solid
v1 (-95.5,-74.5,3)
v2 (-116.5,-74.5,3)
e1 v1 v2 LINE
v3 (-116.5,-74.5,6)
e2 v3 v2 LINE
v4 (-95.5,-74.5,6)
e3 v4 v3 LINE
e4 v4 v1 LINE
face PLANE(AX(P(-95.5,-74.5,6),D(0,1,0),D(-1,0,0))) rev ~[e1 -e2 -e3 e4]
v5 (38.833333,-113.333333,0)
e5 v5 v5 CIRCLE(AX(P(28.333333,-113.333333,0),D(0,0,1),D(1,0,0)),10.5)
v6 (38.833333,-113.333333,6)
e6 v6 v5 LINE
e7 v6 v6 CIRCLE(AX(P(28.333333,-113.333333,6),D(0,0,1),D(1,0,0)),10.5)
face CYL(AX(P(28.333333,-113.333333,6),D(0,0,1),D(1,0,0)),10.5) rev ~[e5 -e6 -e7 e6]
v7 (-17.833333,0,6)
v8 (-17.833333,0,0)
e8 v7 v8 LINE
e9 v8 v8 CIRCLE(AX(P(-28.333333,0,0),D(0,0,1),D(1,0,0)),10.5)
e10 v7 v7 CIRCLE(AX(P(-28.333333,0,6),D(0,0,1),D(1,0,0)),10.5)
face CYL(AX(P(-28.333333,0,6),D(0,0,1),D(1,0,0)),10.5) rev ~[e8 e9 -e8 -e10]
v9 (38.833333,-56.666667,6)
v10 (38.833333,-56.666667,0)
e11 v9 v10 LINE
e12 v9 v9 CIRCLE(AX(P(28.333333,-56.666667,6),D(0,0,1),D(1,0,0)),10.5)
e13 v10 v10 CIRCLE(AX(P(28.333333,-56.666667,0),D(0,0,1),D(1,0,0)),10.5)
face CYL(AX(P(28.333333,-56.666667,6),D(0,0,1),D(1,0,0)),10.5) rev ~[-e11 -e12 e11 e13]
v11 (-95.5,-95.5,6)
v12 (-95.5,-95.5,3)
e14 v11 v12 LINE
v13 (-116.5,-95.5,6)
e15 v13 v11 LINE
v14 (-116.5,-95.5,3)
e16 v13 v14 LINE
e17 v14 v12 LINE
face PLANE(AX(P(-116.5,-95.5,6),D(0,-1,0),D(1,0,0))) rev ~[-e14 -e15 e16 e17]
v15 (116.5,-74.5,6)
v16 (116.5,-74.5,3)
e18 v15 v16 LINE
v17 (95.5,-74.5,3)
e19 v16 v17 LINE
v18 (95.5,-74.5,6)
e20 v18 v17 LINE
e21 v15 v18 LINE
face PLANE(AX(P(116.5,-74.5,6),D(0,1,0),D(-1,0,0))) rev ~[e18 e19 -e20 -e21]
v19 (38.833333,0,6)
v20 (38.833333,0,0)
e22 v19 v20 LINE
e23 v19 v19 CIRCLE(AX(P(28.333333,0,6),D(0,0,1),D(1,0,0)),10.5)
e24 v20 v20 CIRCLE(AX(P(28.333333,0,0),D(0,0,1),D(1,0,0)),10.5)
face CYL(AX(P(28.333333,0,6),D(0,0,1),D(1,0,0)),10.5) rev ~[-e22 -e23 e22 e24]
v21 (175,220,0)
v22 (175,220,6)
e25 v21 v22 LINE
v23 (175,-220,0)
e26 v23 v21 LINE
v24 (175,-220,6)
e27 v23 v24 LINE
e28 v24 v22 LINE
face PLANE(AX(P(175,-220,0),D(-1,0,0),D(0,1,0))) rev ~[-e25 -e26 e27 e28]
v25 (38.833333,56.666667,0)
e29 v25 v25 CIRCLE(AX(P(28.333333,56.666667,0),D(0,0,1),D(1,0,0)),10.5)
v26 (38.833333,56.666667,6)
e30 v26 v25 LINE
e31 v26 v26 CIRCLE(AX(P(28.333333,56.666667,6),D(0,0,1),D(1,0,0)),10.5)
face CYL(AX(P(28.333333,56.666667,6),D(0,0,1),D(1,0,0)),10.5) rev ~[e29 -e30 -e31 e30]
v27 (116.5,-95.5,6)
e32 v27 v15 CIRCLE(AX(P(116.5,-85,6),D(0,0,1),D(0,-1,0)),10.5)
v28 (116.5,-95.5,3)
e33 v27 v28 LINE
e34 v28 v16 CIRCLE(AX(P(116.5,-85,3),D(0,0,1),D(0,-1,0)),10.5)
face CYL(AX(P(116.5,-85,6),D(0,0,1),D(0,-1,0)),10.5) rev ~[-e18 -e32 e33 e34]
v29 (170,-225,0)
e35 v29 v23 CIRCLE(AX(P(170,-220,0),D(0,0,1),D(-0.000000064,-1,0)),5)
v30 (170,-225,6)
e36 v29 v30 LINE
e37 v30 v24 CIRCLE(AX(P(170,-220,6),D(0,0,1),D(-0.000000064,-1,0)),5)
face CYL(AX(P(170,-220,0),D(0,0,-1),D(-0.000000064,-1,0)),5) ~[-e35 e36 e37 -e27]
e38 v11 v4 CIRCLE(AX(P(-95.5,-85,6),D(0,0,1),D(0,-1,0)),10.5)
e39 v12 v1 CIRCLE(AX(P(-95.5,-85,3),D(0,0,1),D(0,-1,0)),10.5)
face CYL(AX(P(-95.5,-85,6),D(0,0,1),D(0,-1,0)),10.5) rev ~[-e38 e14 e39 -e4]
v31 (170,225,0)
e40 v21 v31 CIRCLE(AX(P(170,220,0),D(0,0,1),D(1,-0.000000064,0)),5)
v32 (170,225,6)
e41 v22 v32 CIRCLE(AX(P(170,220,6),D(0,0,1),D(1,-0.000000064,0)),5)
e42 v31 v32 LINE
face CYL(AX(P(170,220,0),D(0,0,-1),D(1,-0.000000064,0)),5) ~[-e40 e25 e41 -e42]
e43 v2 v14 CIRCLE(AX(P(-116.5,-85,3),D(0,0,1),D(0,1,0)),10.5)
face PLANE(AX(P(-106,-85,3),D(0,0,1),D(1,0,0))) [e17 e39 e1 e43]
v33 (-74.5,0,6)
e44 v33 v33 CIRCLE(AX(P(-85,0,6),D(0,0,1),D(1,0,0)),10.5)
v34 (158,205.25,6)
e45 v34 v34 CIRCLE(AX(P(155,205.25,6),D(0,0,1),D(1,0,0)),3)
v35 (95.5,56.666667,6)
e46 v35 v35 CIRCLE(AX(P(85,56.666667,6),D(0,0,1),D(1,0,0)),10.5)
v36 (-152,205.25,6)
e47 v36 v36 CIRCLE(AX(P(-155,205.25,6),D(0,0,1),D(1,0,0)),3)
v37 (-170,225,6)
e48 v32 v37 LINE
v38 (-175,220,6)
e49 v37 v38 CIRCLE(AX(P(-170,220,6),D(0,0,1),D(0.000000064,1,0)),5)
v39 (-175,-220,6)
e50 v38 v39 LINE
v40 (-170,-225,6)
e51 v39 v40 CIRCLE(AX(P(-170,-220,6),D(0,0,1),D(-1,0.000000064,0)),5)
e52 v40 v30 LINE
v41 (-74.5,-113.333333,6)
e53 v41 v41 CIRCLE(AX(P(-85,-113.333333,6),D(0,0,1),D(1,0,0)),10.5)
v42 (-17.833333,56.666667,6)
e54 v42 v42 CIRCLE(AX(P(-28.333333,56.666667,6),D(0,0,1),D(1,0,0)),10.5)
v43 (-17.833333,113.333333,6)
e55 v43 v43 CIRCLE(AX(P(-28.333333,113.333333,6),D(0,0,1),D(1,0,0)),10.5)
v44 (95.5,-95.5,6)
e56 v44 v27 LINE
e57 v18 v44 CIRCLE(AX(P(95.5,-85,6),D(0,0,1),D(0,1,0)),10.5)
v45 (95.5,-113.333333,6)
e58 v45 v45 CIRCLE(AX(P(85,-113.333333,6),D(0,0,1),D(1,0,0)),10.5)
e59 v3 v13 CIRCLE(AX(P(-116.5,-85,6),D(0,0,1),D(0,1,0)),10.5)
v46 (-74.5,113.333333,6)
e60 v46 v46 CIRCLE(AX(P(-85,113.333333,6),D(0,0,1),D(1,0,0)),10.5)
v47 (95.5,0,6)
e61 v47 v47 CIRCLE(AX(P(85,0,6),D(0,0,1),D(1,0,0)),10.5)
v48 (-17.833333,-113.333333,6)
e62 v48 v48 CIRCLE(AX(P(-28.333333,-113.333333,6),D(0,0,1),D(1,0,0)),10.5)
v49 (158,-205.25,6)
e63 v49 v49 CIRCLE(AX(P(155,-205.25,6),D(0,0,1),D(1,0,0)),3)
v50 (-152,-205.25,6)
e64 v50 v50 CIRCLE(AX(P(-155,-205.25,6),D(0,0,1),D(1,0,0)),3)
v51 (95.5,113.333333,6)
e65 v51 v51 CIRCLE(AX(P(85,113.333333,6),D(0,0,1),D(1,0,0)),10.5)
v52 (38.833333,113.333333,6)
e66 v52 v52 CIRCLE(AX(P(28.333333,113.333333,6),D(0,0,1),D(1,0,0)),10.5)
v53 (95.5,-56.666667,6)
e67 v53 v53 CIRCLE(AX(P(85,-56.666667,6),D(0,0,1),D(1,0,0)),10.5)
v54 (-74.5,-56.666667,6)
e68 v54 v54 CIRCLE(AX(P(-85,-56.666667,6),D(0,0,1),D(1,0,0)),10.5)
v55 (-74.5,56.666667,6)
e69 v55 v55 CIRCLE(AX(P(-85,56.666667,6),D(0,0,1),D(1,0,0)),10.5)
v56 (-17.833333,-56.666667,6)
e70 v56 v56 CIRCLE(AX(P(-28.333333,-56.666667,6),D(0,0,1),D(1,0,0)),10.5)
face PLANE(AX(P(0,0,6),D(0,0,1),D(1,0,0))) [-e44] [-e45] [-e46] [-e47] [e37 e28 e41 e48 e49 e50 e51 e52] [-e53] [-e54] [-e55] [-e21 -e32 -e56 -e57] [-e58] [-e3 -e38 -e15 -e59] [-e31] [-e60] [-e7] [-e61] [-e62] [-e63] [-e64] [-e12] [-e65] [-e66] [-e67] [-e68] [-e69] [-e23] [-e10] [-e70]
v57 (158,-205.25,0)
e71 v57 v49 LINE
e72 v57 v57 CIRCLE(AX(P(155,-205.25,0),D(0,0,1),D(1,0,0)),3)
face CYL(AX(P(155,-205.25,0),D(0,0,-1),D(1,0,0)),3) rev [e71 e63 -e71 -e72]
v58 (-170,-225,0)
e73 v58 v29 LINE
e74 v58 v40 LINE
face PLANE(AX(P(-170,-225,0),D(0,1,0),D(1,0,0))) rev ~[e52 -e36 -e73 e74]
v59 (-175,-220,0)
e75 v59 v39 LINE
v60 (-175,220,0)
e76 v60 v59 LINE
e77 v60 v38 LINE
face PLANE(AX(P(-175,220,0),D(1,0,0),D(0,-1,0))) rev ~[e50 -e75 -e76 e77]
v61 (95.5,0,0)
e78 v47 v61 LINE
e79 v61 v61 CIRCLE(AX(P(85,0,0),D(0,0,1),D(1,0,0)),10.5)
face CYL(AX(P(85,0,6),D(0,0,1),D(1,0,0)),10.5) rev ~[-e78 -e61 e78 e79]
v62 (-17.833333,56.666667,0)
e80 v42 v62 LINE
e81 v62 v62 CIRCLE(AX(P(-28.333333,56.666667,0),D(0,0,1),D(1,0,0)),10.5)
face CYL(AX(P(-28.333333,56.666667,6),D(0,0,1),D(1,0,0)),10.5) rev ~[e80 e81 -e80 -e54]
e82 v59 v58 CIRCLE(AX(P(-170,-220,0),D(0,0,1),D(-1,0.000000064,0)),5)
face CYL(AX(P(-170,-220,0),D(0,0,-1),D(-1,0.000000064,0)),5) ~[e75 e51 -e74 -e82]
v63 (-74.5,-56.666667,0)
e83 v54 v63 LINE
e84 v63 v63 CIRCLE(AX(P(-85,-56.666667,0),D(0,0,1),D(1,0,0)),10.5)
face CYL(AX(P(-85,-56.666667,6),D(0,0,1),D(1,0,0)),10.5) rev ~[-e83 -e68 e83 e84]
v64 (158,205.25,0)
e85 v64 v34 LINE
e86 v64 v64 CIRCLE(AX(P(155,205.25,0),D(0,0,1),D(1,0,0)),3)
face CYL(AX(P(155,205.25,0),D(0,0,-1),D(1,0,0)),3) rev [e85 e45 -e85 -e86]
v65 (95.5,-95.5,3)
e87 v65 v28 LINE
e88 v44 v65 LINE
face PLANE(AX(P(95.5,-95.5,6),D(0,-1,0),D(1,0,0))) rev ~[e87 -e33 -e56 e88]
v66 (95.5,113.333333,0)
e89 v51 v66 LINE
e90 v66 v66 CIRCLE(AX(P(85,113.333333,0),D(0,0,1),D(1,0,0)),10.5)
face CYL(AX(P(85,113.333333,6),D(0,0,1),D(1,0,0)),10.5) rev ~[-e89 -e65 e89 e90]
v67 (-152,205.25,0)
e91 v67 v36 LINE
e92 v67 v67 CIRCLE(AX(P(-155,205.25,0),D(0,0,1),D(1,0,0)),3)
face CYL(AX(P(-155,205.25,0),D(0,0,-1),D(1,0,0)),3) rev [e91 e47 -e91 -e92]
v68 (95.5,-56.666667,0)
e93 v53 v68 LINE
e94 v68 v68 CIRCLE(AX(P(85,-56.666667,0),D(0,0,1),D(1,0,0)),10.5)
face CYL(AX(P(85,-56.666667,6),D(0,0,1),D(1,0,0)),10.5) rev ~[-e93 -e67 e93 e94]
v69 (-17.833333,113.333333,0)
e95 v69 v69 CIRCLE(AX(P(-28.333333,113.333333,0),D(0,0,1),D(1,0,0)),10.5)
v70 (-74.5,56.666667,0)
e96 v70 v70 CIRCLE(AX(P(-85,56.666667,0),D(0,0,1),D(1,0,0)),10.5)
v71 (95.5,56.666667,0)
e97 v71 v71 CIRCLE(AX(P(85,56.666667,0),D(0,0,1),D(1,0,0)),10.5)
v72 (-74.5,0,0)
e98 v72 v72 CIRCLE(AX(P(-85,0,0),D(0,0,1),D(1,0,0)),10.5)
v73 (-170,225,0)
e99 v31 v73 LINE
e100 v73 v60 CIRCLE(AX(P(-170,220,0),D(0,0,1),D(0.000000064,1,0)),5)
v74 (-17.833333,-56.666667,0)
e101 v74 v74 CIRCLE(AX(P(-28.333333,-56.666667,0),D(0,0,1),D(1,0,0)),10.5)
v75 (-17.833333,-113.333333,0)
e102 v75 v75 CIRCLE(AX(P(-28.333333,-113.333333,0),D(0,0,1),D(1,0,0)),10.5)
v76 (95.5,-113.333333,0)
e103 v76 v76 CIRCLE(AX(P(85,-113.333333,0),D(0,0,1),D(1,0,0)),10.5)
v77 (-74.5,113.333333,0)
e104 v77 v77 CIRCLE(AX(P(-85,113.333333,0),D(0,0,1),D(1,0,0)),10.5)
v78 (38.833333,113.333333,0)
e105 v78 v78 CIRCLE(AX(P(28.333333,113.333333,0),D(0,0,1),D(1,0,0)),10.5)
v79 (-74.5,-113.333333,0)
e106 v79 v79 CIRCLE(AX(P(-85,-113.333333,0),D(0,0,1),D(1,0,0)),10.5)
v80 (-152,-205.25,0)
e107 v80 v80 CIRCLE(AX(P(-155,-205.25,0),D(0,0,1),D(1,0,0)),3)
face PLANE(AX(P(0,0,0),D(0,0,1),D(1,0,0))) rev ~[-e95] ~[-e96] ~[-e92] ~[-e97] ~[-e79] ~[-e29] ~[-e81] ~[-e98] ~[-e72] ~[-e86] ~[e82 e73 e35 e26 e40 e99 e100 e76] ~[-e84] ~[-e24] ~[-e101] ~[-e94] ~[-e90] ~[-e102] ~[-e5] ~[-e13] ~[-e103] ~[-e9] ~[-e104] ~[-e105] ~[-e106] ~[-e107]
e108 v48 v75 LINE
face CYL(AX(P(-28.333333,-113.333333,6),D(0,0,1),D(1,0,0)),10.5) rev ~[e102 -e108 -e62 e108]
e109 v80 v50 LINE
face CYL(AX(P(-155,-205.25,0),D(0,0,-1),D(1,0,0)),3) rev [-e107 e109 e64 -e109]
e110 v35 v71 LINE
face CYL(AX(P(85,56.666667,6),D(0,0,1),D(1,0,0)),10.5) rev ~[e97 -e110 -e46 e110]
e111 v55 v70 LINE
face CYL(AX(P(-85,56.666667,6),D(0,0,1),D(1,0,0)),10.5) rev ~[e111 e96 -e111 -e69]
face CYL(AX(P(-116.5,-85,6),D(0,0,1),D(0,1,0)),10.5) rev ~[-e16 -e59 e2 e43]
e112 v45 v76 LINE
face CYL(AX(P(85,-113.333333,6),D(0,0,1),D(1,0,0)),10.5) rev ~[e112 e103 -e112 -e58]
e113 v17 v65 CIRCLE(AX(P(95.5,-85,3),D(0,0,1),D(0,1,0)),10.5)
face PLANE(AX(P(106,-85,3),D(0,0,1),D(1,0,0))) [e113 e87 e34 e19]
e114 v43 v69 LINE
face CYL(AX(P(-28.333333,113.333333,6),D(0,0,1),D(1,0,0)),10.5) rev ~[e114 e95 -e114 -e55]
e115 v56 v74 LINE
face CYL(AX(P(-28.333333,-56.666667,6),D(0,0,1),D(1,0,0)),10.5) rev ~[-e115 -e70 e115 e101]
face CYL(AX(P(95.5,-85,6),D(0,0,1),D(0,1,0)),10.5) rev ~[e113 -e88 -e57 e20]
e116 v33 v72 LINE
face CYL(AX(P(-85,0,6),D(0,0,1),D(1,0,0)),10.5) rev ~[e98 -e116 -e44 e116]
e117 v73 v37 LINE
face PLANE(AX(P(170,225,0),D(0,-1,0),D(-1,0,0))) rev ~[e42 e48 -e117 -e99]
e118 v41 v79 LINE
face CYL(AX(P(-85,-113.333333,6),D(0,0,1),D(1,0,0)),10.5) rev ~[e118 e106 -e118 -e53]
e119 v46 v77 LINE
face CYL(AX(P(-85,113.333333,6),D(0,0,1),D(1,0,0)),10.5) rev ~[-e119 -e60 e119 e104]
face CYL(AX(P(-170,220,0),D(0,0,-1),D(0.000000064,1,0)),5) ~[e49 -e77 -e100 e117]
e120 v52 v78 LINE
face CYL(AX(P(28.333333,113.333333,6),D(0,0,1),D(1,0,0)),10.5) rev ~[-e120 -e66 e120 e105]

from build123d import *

# Parameters (mm, degrees)
F0_R     = 3
F1_DEPTH = 6
F2_R     = 10.5
F3_DEPTH = 25
F5_DEPTH = 3


with BuildPart() as f1:
    # F0 (on Top) → F1 (new body)
    with BuildSketch(Plane.XY):
        with BuildLine():
            Line((170, 225), (-170, 225))
            ThreePointArc((-170, 225), (-173.535534, 223.535534), (-175, 220))
            Line((-175, 220), (-175, -220))
            ThreePointArc((-175, -220), (-173.535534, -223.535534), (-170, -225))
            Line((-170, -225), (170, -225))
            ThreePointArc((170, -225), (173.535534, -223.535534), (175, -220))
            Line((175, -220), (175, 220))
            ThreePointArc((175, 220), (173.535534, 223.535534), (170, 225))
        make_face()
        with Locations((-155, -205.25)):
            Circle(F0_R, mode=Mode.SUBTRACT)
        with Locations((155, -205.25)):
            Circle(F0_R, mode=Mode.SUBTRACT)
        with Locations((-155, 205.25)):
            Circle(F0_R, mode=Mode.SUBTRACT)
        with Locations((155, 205.25)):
            Circle(F0_R, mode=Mode.SUBTRACT)
    extrude(amount=F1_DEPTH)

    # F2 (on face) → F3 (cut)
    with BuildSketch(Plane.XY.offset(6)):
        with Locations((-85, 113.333333)):
            Circle(F2_R)
        with Locations((-85, 56.666667)):
            Circle(F2_R)
        with Locations((-85, 0)):
            Circle(F2_R)
        with Locations((-85, -56.666667)):
            Circle(F2_R)
        with Locations((-85, -113.333333)):
            Circle(F2_R)
        with Locations((-28.333333, -113.333333)):
            Circle(F2_R)
        with Locations((-28.333333, -56.666667)):
            Circle(F2_R)
        with Locations((-28.333333, 0)):
            Circle(F2_R)
        with Locations((-28.333333, 56.666667)):
            Circle(F2_R)
        with Locations((-28.333333, 113.333333)):
            Circle(F2_R)
        with Locations((28.333333, 113.333333)):
            Circle(F2_R)
        with Locations((28.333333, 56.666667)):
            Circle(F2_R)
        with Locations((28.333333, 0)):
            Circle(F2_R)
        with Locations((28.333333, -56.666667)):
            Circle(F2_R)
        with Locations((28.333333, -113.333333)):
            Circle(F2_R)
        with Locations((85, -113.333333)):
            Circle(F2_R)
        with Locations((85, -56.666667)):
            Circle(F2_R)
        with Locations((85, 0)):
            Circle(F2_R)
        with Locations((85, 56.666667)):
            Circle(F2_R)
        with Locations((85, 113.333333)):
            Circle(F2_R)
    extrude(amount=-F3_DEPTH, mode=Mode.SUBTRACT)

    # F4 (on face) → F5 (cut)
    with BuildSketch(Plane.XY.offset(6)):
        with BuildLine():
            Line((-95.5, -74.5), (-116.5, -74.5))
            ThreePointArc((-116.5, -74.5), (-127, -85), (-116.5, -95.5))
            Line((-116.5, -95.5), (-95.5, -95.5))
            ThreePointArc((-95.5, -95.5), (-85, -85), (-95.5, -74.5))
        make_face()
        with BuildLine():
            ThreePointArc((116.5, -95.5), (127, -85), (116.5, -74.5))
            Line((116.5, -74.5), (95.5, -74.5))
            ThreePointArc((95.5, -74.5), (85, -85), (95.5, -95.5))
            Line((95.5, -95.5), (116.5, -95.5))
        make_face()
    extrude(amount=-F5_DEPTH, mode=Mode.SUBTRACT)


solid = f1.part
